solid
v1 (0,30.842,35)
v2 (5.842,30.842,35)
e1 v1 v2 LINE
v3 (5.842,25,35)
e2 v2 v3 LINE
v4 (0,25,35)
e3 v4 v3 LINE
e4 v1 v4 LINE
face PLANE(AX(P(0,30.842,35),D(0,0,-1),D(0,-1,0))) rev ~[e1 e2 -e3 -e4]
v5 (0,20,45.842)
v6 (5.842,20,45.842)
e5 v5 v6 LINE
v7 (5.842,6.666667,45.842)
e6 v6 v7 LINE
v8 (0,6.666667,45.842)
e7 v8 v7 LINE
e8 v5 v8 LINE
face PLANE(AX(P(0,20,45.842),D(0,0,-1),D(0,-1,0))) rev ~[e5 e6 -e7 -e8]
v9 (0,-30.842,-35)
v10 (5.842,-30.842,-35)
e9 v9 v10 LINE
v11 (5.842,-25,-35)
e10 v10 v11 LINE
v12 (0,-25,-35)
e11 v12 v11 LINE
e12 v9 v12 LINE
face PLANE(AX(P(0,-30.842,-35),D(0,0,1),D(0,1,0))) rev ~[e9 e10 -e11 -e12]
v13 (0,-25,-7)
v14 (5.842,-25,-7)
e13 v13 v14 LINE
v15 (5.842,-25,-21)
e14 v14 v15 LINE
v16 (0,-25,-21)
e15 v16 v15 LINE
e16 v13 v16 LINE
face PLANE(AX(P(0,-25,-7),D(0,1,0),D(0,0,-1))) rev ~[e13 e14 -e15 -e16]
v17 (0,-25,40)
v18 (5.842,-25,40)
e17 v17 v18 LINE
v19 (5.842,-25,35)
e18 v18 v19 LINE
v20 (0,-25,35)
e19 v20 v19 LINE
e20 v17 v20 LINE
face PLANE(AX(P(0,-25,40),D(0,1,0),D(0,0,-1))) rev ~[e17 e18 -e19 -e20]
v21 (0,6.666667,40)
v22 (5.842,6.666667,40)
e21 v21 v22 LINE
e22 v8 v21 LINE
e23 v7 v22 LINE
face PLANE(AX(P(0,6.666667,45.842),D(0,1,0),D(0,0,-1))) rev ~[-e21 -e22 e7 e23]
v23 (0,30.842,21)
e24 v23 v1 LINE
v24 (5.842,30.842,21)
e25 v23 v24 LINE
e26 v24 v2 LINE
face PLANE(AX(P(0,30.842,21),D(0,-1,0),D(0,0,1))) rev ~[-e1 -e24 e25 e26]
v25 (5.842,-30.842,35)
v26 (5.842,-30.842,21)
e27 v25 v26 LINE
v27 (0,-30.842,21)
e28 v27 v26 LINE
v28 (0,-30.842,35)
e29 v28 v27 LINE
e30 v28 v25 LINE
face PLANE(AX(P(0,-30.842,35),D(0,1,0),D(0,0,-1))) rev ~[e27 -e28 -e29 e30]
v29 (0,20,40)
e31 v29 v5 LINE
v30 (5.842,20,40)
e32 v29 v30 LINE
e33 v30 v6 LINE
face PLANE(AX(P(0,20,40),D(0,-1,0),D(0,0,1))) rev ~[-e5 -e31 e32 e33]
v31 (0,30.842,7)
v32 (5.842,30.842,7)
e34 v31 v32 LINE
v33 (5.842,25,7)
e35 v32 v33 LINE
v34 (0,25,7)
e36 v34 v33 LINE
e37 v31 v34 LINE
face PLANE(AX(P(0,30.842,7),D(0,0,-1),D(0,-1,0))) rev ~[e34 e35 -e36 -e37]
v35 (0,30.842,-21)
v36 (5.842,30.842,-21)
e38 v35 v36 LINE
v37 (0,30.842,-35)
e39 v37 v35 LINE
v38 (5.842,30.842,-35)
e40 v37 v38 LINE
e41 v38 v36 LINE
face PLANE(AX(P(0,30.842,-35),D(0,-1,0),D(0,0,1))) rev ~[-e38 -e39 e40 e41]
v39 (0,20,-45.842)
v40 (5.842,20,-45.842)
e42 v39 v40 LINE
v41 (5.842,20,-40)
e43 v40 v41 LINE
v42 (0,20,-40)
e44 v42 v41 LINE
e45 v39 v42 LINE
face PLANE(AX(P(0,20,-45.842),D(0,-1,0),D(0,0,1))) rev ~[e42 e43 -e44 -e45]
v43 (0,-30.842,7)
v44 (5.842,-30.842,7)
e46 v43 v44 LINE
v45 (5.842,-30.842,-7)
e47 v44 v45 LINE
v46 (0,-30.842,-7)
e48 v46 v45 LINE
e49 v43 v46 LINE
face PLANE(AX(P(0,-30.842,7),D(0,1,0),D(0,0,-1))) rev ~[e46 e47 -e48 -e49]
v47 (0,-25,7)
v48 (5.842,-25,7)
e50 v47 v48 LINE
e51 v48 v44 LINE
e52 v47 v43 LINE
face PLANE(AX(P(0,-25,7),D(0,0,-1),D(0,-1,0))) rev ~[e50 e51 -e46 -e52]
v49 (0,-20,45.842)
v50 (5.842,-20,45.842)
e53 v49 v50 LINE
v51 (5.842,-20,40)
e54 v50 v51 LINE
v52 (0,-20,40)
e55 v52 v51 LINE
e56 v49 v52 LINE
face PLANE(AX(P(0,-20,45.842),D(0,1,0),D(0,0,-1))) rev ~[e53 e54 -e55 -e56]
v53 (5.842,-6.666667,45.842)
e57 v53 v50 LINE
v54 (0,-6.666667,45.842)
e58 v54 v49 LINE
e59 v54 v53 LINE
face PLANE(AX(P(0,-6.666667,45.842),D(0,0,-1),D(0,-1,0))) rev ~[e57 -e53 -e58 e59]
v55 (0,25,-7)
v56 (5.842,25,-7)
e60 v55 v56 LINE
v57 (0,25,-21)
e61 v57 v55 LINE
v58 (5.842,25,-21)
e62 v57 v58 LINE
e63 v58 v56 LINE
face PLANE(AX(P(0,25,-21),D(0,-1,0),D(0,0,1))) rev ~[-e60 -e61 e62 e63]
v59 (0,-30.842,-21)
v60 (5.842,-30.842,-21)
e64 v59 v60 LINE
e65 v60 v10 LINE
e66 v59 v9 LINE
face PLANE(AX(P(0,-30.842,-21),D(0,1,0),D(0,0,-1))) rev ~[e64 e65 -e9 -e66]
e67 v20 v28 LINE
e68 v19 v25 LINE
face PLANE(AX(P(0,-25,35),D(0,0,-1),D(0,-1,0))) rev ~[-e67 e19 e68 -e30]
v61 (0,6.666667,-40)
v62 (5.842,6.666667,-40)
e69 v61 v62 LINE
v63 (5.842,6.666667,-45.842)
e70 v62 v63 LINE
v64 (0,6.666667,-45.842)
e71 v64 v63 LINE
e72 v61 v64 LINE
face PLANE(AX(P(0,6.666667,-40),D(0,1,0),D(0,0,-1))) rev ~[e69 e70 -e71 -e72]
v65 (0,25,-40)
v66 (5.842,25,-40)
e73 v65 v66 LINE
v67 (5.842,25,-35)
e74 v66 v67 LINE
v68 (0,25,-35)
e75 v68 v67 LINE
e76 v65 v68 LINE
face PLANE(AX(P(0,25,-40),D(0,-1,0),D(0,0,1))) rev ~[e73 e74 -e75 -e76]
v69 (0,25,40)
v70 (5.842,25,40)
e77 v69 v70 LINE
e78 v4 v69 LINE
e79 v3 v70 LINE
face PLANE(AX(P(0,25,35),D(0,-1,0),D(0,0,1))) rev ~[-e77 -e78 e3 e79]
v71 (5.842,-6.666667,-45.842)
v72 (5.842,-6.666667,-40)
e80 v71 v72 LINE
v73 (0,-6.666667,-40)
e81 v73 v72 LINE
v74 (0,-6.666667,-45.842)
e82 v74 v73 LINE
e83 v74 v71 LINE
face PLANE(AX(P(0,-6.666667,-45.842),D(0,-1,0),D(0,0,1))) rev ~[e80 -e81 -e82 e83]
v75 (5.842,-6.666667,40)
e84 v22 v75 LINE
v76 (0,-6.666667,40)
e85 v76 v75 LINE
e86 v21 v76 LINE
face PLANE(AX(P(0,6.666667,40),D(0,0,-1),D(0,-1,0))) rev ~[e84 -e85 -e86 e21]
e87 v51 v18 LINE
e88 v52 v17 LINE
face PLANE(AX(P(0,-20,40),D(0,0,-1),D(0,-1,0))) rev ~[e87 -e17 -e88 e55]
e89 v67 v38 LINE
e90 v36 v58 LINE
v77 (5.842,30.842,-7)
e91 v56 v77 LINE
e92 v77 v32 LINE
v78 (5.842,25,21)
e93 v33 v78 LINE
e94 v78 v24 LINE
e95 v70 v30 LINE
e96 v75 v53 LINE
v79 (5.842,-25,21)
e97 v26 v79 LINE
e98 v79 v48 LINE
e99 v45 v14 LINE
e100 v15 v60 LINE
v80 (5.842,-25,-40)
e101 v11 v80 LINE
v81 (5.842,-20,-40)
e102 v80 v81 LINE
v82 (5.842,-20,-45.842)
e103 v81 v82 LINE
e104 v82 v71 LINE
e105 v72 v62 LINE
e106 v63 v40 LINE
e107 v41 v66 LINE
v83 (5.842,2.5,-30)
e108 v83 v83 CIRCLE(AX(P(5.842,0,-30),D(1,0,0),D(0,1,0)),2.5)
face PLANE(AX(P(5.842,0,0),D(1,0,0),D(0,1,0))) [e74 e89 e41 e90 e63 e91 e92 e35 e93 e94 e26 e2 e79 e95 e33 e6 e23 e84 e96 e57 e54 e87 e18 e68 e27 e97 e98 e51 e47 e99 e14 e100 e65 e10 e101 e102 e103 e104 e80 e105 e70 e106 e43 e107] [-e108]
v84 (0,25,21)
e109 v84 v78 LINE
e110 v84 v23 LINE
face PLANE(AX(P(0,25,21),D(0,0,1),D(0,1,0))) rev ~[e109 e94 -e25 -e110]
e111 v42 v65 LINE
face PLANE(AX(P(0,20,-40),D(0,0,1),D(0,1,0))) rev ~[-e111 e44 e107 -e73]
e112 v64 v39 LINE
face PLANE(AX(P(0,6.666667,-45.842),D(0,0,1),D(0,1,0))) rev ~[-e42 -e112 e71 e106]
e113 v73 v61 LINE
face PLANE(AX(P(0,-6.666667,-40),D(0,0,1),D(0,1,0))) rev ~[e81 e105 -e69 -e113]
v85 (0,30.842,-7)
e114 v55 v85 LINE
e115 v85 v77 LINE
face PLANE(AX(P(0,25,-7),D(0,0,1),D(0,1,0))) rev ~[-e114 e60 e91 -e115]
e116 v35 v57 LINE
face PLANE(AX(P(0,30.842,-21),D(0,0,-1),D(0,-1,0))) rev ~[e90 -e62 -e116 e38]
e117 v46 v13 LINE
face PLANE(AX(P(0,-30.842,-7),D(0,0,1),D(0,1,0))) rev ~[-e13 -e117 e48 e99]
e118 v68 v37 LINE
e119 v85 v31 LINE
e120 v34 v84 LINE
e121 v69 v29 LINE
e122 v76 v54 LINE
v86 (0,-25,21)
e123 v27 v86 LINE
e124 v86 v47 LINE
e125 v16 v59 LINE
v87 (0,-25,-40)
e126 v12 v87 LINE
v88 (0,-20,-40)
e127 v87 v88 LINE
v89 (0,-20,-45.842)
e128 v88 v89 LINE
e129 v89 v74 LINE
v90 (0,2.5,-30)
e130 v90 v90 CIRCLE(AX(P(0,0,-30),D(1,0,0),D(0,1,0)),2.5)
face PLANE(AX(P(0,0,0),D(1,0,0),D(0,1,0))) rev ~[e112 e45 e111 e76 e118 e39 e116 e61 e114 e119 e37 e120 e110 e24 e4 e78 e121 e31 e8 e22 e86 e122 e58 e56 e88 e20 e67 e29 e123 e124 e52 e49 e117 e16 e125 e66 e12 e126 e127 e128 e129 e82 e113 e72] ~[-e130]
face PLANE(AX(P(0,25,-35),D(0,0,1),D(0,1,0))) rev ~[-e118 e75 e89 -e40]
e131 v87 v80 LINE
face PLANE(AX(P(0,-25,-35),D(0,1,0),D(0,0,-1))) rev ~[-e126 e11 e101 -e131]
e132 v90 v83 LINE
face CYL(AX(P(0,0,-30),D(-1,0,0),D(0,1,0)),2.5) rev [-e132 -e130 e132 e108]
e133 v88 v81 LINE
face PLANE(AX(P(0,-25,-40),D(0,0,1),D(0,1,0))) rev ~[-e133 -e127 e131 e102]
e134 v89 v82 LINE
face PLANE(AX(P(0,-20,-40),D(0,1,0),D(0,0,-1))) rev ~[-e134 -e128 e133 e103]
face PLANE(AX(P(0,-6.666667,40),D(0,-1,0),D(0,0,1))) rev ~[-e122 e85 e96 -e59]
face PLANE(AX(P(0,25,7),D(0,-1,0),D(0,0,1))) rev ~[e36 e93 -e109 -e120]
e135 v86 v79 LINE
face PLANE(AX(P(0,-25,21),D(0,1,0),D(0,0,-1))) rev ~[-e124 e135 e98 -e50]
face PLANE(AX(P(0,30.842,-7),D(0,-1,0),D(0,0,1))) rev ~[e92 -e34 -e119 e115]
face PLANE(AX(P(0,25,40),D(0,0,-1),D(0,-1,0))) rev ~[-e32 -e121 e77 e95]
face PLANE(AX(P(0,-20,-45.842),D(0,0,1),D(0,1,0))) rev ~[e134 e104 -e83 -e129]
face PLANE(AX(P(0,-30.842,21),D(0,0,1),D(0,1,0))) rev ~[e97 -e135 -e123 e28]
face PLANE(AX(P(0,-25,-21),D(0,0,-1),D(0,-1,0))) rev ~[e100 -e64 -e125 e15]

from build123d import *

# Parameters (mm, degrees)
F0_R     = 2.5
F1_DEPTH = 5.842


with BuildPart() as f1:
    # F0 (on Right) → F1 (new body)
    with BuildSketch(Plane.YZ):
        Polygon((-25, -35), (-25, -40), (-20, -40), (-20, -45.842), (-6.666667, -45.842), (-6.666667, -40), (6.666667, -40), (6.666667, -45.842), (20, -45.842), (20, -40), (25, -40), (25, -35), (30.842, -35), (30.842, -21), (25, -21), (25, -7), (30.842, -7), (30.842, 7), (25, 7), (25, 21), (30.842, 21), (30.842, 35), (25, 35), (25, 40), (20, 40), (20, 45.842), (6.666667, 45.842), (6.666667, 40), (-6.666667, 40), (-6.666667, 45.842), (-20, 45.842), (-20, 40), (-25, 40), (-25, 35), (-30.842, 35), (-30.842, 21), (-25, 21), (-25, 7), (-30.842, 7), (-30.842, -7), (-25, -7), (-25, -21), (-30.842, -21), (-30.842, -35), align=None)
        with Locations((0, -30)):
            Circle(F0_R, mode=Mode.SUBTRACT)
    extrude(amount=F1_DEPTH)


solid = f1.part
